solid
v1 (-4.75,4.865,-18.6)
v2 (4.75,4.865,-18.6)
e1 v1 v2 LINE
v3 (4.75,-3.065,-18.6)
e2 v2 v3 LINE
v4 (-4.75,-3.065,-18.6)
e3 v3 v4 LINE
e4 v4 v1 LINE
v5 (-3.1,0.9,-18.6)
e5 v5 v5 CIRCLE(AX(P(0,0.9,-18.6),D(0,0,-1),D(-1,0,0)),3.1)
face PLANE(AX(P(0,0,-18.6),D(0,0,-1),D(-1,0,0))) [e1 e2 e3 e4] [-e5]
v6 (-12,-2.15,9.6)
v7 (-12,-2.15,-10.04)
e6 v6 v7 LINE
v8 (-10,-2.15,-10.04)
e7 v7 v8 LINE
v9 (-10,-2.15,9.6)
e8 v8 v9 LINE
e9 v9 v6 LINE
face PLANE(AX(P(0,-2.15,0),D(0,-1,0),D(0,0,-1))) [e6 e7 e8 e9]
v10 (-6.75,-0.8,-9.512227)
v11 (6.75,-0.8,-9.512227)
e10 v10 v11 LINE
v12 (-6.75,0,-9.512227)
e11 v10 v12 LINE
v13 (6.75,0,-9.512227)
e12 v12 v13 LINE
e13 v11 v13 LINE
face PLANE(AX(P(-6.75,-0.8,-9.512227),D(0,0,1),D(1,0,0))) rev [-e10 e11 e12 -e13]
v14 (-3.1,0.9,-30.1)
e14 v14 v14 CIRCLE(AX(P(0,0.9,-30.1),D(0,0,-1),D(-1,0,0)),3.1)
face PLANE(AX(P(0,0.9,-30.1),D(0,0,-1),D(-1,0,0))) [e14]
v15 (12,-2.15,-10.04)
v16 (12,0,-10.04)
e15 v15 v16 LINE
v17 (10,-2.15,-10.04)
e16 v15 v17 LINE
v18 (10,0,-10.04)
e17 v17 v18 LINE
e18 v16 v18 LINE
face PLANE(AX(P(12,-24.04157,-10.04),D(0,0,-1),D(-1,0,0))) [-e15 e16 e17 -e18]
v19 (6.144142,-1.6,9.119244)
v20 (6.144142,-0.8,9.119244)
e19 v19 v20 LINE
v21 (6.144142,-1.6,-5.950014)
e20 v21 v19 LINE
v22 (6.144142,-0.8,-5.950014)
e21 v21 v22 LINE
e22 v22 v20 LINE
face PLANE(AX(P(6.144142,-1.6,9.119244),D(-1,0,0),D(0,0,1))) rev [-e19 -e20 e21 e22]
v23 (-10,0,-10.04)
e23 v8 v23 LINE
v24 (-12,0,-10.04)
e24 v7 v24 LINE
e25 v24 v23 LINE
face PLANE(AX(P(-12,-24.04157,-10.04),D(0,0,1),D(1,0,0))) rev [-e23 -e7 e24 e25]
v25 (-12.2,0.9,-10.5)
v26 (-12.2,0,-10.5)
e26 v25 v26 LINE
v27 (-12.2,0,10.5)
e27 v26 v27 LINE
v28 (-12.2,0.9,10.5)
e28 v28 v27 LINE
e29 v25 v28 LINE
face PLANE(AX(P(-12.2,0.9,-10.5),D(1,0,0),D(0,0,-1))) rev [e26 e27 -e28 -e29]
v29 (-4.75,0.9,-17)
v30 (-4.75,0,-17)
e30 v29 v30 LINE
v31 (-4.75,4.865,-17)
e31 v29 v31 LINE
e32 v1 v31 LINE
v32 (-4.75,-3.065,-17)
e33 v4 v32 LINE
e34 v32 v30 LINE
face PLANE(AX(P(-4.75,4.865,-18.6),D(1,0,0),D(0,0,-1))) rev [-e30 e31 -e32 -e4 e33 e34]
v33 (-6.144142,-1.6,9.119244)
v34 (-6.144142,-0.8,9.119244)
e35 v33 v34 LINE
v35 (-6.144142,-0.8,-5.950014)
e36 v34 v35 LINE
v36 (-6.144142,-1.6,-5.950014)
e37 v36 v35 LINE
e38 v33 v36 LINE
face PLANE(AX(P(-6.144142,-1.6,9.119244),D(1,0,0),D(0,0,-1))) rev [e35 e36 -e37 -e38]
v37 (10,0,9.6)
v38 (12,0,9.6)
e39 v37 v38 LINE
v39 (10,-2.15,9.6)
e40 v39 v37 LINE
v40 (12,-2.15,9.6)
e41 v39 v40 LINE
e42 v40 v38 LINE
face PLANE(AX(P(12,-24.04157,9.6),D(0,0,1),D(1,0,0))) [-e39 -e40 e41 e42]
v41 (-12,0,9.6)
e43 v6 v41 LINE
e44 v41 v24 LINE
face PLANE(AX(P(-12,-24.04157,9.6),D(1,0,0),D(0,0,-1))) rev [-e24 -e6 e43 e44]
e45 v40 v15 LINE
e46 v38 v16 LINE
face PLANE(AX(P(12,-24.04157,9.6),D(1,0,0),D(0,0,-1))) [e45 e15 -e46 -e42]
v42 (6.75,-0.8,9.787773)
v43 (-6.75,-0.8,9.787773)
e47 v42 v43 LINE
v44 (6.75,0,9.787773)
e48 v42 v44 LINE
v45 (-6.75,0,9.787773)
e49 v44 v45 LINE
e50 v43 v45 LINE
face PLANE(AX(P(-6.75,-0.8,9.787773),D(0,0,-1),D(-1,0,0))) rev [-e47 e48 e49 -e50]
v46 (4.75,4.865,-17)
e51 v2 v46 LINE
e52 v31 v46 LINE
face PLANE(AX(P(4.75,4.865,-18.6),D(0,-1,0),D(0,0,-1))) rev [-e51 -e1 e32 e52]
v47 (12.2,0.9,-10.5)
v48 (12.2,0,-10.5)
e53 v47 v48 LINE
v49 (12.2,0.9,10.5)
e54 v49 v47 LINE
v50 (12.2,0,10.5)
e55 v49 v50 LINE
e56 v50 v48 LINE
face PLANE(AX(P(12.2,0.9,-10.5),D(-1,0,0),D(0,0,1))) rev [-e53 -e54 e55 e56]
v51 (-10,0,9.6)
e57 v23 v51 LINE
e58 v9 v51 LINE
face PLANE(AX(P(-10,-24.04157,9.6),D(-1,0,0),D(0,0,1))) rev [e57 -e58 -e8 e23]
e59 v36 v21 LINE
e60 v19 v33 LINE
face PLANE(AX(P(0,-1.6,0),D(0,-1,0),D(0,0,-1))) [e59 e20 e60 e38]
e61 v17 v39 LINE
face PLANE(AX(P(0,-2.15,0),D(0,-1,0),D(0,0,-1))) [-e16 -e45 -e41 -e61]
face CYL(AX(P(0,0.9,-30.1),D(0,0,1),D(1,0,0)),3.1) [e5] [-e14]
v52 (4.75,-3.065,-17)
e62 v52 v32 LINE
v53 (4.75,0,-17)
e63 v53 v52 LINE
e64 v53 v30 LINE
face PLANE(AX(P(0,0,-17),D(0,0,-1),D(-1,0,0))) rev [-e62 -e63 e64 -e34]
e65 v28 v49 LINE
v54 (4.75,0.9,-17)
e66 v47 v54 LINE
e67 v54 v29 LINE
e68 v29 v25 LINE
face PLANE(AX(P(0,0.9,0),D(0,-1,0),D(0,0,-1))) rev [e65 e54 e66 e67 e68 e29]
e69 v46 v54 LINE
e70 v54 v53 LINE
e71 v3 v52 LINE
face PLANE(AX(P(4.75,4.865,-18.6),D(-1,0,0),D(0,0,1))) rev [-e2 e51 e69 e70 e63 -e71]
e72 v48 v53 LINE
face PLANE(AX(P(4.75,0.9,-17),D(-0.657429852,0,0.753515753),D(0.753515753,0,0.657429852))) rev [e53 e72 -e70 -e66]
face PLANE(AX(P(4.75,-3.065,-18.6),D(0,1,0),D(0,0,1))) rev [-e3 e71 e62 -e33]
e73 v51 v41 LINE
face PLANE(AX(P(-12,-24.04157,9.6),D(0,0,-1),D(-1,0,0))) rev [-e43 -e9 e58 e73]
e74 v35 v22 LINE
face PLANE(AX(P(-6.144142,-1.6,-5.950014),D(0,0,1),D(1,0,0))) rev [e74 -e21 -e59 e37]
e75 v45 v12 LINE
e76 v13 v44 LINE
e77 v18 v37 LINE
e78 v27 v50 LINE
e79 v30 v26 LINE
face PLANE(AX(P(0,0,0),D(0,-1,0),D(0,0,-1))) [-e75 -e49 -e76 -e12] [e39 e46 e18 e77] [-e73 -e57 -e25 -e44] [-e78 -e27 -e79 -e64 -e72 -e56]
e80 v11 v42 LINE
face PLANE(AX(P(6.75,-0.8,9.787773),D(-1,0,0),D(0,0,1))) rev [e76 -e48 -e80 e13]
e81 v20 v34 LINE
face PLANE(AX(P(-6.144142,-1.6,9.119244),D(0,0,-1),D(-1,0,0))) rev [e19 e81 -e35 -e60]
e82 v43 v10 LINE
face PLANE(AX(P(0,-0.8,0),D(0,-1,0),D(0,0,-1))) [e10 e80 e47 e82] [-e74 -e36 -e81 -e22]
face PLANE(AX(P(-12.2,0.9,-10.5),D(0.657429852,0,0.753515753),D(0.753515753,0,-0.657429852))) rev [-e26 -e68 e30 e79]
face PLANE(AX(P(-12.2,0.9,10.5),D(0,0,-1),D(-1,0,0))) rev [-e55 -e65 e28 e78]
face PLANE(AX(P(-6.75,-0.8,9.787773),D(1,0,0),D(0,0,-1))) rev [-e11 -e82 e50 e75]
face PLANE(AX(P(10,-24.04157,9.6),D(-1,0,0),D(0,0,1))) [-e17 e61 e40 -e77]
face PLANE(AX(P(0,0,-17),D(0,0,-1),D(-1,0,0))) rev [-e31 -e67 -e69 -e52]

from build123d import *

# Parameters (mm, degrees)
BOSS_EXTRUDE1_DEPTH = 0.9
SKETCH2_W           = 9.5
SKETCH2_H           = 7.93
BOSS_EXTRUDE2_DEPTH = 1.6
SKETCH3_R           = 3.1
BOSS_EXTRUDE3_DEPTH = 11.5
SKETCH4_W           = 2
SKETCH4_H           = 19.64
BOSS_EXTRUDE4_DEPTH = 2.15
SKETCH5_W           = 13.5
SKETCH5_H           = 19.3
BOSS_EXTRUDE5_DEPTH = 0.8
SKETCH6_W           = 12.288283072
SKETCH6_H           = 15.069258514
BOSS_EXTRUDE6_DEPTH = 0.8


with BuildPart() as part:
    # Sketch1 → Boss-Extrude1 (new body)
    with BuildSketch(Plane(origin=(0, 0, 0), x_dir=(1, 0, 0), z_dir=(0, 1, 0))):
        Polygon((-12.2, 10.5), (-12.2, -10.5), (12.2, -10.5), (12.2, 10.5), (4.75, 17), (-4.75, 17), align=None)
    extrude(amount=BOSS_EXTRUDE1_DEPTH)

    # Sketch2 → Boss-Extrude2 (add)
    with BuildSketch(Plane(origin=(0, 0, -17), x_dir=(-1, 0, 0), z_dir=(0, 0, -1))):
        with Locations((0, 0.9)):
            Rectangle(SKETCH2_W, SKETCH2_H)
    extrude(amount=BOSS_EXTRUDE2_DEPTH)

    # Sketch3 → Boss-Extrude3 (add)
    with BuildSketch(Plane(origin=(0, 0, -18.6), x_dir=(-1, 0, 0), z_dir=(0, 0, -1))):
        with Locations((0, 0.9)):
            Circle(SKETCH3_R)
    extrude(amount=BOSS_EXTRUDE3_DEPTH)

    # Sketch4 → Boss-Extrude4 (add)
    with BuildSketch(Plane.XZ):
        with Locations((-11, -0.22)):
            Rectangle(SKETCH4_W, SKETCH4_H)
    boss_extrude4 = extrude(amount=BOSS_EXTRUDE4_DEPTH)

    # Mirror1: Boss-Extrude4 across plane
    add(boss_extrude4.mirror(Plane(origin=(0, 0, 0), x_dir=(0, 0, 1), z_dir=(1, 0, 0))))

    # Sketch5 → Boss-Extrude5 (add)
    with BuildSketch(Plane.XZ):
        with Locations((0, 0.137773352)):
            Rectangle(SKETCH5_W, SKETCH5_H)
    extrude(amount=BOSS_EXTRUDE5_DEPTH)

    # Sketch6 → Boss-Extrude6 (add)
    with BuildSketch(Plane.XZ.offset(0.8)):
        with Locations((0, 1.584615241)):
            Rectangle(SKETCH6_W, SKETCH6_H)
    extrude(amount=BOSS_EXTRUDE6_DEPTH)


solid = part.part
